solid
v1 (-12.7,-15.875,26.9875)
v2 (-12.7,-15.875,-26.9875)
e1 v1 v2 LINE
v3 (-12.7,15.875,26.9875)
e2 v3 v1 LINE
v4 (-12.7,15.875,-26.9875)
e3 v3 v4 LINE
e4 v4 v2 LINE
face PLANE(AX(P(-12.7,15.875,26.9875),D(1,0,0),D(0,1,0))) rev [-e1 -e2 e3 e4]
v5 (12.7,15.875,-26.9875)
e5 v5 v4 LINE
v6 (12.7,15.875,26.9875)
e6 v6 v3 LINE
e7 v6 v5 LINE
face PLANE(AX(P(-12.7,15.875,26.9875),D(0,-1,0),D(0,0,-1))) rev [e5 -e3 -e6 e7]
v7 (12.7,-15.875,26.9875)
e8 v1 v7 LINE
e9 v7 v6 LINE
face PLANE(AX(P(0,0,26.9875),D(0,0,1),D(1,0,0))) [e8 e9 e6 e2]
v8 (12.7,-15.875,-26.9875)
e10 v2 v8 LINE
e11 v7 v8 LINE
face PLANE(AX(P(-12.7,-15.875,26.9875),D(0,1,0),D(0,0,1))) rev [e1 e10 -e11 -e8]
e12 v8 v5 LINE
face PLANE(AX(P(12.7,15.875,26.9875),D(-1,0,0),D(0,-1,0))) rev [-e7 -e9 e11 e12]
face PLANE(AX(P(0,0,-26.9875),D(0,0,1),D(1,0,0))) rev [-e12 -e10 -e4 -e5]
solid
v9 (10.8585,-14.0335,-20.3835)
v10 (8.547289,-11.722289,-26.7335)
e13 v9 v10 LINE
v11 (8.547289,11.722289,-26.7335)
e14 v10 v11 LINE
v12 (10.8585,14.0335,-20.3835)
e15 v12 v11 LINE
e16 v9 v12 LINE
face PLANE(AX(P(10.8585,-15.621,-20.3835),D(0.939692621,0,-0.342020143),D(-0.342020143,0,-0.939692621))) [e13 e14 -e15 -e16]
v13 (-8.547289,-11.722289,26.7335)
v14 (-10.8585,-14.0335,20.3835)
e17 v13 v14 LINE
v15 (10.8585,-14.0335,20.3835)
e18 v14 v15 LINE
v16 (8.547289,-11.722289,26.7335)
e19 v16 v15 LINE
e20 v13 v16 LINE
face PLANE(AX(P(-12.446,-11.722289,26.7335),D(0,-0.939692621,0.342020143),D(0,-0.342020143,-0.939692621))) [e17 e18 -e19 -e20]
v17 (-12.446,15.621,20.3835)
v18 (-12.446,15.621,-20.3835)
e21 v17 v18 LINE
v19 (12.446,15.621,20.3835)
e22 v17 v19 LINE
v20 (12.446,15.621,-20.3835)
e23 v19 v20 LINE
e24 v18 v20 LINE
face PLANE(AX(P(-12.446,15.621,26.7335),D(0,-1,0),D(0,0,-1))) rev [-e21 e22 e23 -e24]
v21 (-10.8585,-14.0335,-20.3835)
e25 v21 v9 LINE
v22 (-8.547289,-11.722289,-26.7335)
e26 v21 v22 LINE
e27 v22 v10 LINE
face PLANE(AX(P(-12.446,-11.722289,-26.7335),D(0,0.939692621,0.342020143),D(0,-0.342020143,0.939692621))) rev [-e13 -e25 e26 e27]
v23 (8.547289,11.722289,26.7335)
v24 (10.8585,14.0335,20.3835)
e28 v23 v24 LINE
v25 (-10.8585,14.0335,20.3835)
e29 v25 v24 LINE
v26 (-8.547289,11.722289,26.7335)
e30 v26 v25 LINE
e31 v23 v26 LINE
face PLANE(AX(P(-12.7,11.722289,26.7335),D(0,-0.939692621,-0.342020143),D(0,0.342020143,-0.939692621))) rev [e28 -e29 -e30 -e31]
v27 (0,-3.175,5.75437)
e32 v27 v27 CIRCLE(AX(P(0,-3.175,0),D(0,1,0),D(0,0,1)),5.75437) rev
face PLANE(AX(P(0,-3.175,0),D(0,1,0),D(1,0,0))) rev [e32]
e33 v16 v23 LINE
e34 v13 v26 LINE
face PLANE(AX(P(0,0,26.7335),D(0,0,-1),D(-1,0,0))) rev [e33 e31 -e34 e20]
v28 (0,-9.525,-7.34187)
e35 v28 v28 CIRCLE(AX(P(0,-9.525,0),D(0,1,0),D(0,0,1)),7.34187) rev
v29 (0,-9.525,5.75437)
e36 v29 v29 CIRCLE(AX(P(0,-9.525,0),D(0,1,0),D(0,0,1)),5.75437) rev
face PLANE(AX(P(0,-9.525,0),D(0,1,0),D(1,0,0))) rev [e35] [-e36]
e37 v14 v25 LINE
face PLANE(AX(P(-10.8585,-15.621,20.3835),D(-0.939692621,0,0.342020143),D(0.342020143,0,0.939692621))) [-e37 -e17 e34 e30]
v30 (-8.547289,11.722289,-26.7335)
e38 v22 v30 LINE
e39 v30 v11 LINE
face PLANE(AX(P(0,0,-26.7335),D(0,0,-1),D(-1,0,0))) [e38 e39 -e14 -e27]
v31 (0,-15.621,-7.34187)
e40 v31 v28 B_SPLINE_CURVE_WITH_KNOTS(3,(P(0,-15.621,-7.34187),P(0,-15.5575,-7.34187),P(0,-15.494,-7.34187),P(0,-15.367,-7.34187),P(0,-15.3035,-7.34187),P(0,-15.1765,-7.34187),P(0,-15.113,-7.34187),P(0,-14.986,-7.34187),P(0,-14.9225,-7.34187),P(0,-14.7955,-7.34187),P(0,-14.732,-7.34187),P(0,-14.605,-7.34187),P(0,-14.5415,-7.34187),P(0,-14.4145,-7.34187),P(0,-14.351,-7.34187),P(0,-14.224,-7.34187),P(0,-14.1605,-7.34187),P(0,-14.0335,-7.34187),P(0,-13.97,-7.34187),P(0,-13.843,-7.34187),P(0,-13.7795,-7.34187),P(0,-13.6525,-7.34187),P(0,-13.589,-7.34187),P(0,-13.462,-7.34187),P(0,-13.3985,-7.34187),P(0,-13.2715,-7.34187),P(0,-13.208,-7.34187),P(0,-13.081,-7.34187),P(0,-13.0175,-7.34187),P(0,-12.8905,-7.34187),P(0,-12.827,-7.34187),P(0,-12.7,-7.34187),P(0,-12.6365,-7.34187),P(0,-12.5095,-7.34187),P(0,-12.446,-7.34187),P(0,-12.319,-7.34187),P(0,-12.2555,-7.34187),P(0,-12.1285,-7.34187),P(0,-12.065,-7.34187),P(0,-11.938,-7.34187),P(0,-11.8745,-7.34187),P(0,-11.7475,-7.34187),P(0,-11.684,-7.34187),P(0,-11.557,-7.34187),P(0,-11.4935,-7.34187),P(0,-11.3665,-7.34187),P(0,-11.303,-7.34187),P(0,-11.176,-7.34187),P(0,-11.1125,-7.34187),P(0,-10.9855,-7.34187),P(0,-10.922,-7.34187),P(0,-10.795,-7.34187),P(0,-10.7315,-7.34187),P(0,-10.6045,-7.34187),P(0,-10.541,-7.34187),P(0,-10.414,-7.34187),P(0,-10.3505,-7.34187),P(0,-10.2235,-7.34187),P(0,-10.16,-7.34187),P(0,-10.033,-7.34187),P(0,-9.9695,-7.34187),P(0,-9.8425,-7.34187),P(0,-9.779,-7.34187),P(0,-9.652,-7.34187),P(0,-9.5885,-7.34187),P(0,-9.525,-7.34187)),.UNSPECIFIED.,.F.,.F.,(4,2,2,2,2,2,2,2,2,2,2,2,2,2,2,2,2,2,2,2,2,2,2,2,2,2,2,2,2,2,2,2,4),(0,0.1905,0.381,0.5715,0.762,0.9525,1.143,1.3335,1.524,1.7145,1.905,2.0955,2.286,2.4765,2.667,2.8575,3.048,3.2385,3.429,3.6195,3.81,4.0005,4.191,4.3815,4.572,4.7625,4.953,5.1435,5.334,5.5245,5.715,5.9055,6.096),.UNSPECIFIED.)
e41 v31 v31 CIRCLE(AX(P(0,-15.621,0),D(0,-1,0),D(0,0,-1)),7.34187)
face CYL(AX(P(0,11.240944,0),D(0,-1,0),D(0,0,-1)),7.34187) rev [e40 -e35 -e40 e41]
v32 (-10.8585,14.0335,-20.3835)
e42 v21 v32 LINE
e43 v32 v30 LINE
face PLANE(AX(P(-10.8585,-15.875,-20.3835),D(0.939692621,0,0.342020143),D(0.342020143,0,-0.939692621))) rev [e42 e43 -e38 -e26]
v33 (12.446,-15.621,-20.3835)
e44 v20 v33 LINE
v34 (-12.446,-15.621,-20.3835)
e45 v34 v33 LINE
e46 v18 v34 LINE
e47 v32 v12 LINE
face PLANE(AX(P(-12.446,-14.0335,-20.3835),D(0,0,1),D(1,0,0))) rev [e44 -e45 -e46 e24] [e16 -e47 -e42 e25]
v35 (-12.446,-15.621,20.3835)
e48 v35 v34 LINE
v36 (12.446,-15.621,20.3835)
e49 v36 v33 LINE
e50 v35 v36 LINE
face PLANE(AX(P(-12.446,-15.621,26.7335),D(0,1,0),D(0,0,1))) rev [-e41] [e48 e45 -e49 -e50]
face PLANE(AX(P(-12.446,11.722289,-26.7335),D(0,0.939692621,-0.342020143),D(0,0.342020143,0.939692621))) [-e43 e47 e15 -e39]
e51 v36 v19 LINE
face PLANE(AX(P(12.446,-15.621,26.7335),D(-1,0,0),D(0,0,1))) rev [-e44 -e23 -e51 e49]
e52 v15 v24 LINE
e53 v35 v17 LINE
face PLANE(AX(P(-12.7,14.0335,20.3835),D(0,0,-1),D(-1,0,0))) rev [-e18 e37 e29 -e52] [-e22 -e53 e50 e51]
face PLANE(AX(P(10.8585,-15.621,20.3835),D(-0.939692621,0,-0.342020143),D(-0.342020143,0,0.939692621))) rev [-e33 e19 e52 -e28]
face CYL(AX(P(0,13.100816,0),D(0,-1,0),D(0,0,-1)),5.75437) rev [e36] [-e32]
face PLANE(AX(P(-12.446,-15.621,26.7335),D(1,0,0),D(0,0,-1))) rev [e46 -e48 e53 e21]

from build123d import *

# Parameters (mm, degrees)
SKETCH1_W            = 25.4
SKETCH1_H            = 31.75
BOSS_EXTRUDE1_DEPTH  = 26.9875
SKETCH2_W            = 24.892
SKETCH2_H            = 31.242
BOSS_EXTRUDE2_DEPTH  = 26.7335
CUT_EXTRUDE1_DEPTH   = 41.157964307
MIRROR2_COPY_1_DEPTH = 41.157964307
CUT_EXTRUDE2_DEPTH   = 44.37756531
MIRROR4_COPY_1_DEPTH = 44.37756531
SKETCH6_R            = 5.75437
CUT_EXTRUDE3_DEPTH   = 12.446
SKETCH7_R            = 7.34187
CUT_EXTRUDE5_DEPTH   = 6.096


with BuildPart() as part:
    # Sketch1 → Boss-Extrude1 (new, symmetric)
    with BuildSketch(Plane.XY):
        Rectangle(SKETCH1_W, SKETCH1_H)
    extrude(amount=BOSS_EXTRUDE1_DEPTH, both=True)


with BuildPart() as body_2:
    # Sketch2 → Boss-Extrude2 (new, symmetric)
    with BuildSketch(Plane.XY):
        Rectangle(SKETCH2_W, SKETCH2_H)
    extrude(amount=BOSS_EXTRUDE2_DEPTH, both=True)

    # Sketch3 → Cut-Extrude1 (cut, through all)
    with BuildSketch(Plane(origin=(12.446, 0, 0), x_dir=(0, 0, -1), z_dir=(1, 0, 0))):
        Polygon((-26.7335, 11.722289012), (-20.3835, 14.0335), (-20.3835, 15.621), (-26.7335, 15.621), align=None)
    cut_extrude1 = extrude(amount=-CUT_EXTRUDE1_DEPTH, mode=Mode.SUBTRACT)

    # Mirror1: Cut-Extrude1 across plane
    add(cut_extrude1.mirror(Plane.ZX), mode=Mode.SUBTRACT)

    # Mirror2: Cut-Extrude1 across plane
    add(cut_extrude1.mirror(Plane.XY), mode=Mode.SUBTRACT)

    # Mirror2 copy 1 sketch → Mirror2 copy 1 (cut, through all)
    with BuildSketch(Plane(origin=(12.446, 0, 0), x_dir=(0, 0, 1), z_dir=(1, 0, 0))):
        Polygon((-26.7335, 11.722289012), (-20.3835, 14.0335), (-20.3835, 15.621), (-26.7335, 15.621), align=None)
    extrude(amount=-MIRROR2_COPY_1_DEPTH, mode=Mode.SUBTRACT)

    # Sketch4 → Cut-Extrude2 (cut, symmetric)
    with BuildSketch(Plane(origin=(0, 15.621, 0), x_dir=(1, 0, 0), z_dir=(0, 1, 0))):
        Polygon((-12.446, 26.7335), (-12.446, 20.3835), (-10.8585, 20.3835), (-8.547289012, 26.7335), align=None)
    cut_extrude2 = extrude(amount=CUT_EXTRUDE2_DEPTH, both=True, mode=Mode.SUBTRACT)

    # Mirror3: Cut-Extrude2 across plane
    add(cut_extrude2.mirror(Plane(origin=(0, 0, 0), x_dir=(0, 0, 1), z_dir=(1, 0, 0))), mode=Mode.SUBTRACT)

    # Mirror4: Cut-Extrude2 across plane
    add(cut_extrude2.mirror(Plane.XY), mode=Mode.SUBTRACT)

    # Mirror4 copy 1 sketch → Mirror4 copy 1 (cut, symmetric)
    with BuildSketch(Plane(origin=(0, 15.621, 0), x_dir=(-1, 0, 0), z_dir=(0, 1, 0))):
        Polygon((-12.446, 26.7335), (-12.446, 20.3835), (-10.8585, 20.3835), (-8.547289012, 26.7335), align=None)
    extrude(amount=MIRROR4_COPY_1_DEPTH, both=True, mode=Mode.SUBTRACT)

    # Sketch6 → Cut-Extrude3 (cut)
    with BuildSketch(Plane.XZ.offset(15.621)):
        with Locations(Location((0, 0, 0), (0, 0, 270))):
            Circle(SKETCH6_R)
    extrude(amount=-CUT_EXTRUDE3_DEPTH, mode=Mode.SUBTRACT)

    # Sketch7 → Cut-Extrude5 (cut)
    with BuildSketch(Plane.XZ.offset(15.621)):
        with Locations(Location((0, 0, 0), (0, 0, 270))):
            Circle(SKETCH7_R)
    extrude(amount=-CUT_EXTRUDE5_DEPTH, mode=Mode.SUBTRACT)


solid = Compound([part.part, body_2.part])
